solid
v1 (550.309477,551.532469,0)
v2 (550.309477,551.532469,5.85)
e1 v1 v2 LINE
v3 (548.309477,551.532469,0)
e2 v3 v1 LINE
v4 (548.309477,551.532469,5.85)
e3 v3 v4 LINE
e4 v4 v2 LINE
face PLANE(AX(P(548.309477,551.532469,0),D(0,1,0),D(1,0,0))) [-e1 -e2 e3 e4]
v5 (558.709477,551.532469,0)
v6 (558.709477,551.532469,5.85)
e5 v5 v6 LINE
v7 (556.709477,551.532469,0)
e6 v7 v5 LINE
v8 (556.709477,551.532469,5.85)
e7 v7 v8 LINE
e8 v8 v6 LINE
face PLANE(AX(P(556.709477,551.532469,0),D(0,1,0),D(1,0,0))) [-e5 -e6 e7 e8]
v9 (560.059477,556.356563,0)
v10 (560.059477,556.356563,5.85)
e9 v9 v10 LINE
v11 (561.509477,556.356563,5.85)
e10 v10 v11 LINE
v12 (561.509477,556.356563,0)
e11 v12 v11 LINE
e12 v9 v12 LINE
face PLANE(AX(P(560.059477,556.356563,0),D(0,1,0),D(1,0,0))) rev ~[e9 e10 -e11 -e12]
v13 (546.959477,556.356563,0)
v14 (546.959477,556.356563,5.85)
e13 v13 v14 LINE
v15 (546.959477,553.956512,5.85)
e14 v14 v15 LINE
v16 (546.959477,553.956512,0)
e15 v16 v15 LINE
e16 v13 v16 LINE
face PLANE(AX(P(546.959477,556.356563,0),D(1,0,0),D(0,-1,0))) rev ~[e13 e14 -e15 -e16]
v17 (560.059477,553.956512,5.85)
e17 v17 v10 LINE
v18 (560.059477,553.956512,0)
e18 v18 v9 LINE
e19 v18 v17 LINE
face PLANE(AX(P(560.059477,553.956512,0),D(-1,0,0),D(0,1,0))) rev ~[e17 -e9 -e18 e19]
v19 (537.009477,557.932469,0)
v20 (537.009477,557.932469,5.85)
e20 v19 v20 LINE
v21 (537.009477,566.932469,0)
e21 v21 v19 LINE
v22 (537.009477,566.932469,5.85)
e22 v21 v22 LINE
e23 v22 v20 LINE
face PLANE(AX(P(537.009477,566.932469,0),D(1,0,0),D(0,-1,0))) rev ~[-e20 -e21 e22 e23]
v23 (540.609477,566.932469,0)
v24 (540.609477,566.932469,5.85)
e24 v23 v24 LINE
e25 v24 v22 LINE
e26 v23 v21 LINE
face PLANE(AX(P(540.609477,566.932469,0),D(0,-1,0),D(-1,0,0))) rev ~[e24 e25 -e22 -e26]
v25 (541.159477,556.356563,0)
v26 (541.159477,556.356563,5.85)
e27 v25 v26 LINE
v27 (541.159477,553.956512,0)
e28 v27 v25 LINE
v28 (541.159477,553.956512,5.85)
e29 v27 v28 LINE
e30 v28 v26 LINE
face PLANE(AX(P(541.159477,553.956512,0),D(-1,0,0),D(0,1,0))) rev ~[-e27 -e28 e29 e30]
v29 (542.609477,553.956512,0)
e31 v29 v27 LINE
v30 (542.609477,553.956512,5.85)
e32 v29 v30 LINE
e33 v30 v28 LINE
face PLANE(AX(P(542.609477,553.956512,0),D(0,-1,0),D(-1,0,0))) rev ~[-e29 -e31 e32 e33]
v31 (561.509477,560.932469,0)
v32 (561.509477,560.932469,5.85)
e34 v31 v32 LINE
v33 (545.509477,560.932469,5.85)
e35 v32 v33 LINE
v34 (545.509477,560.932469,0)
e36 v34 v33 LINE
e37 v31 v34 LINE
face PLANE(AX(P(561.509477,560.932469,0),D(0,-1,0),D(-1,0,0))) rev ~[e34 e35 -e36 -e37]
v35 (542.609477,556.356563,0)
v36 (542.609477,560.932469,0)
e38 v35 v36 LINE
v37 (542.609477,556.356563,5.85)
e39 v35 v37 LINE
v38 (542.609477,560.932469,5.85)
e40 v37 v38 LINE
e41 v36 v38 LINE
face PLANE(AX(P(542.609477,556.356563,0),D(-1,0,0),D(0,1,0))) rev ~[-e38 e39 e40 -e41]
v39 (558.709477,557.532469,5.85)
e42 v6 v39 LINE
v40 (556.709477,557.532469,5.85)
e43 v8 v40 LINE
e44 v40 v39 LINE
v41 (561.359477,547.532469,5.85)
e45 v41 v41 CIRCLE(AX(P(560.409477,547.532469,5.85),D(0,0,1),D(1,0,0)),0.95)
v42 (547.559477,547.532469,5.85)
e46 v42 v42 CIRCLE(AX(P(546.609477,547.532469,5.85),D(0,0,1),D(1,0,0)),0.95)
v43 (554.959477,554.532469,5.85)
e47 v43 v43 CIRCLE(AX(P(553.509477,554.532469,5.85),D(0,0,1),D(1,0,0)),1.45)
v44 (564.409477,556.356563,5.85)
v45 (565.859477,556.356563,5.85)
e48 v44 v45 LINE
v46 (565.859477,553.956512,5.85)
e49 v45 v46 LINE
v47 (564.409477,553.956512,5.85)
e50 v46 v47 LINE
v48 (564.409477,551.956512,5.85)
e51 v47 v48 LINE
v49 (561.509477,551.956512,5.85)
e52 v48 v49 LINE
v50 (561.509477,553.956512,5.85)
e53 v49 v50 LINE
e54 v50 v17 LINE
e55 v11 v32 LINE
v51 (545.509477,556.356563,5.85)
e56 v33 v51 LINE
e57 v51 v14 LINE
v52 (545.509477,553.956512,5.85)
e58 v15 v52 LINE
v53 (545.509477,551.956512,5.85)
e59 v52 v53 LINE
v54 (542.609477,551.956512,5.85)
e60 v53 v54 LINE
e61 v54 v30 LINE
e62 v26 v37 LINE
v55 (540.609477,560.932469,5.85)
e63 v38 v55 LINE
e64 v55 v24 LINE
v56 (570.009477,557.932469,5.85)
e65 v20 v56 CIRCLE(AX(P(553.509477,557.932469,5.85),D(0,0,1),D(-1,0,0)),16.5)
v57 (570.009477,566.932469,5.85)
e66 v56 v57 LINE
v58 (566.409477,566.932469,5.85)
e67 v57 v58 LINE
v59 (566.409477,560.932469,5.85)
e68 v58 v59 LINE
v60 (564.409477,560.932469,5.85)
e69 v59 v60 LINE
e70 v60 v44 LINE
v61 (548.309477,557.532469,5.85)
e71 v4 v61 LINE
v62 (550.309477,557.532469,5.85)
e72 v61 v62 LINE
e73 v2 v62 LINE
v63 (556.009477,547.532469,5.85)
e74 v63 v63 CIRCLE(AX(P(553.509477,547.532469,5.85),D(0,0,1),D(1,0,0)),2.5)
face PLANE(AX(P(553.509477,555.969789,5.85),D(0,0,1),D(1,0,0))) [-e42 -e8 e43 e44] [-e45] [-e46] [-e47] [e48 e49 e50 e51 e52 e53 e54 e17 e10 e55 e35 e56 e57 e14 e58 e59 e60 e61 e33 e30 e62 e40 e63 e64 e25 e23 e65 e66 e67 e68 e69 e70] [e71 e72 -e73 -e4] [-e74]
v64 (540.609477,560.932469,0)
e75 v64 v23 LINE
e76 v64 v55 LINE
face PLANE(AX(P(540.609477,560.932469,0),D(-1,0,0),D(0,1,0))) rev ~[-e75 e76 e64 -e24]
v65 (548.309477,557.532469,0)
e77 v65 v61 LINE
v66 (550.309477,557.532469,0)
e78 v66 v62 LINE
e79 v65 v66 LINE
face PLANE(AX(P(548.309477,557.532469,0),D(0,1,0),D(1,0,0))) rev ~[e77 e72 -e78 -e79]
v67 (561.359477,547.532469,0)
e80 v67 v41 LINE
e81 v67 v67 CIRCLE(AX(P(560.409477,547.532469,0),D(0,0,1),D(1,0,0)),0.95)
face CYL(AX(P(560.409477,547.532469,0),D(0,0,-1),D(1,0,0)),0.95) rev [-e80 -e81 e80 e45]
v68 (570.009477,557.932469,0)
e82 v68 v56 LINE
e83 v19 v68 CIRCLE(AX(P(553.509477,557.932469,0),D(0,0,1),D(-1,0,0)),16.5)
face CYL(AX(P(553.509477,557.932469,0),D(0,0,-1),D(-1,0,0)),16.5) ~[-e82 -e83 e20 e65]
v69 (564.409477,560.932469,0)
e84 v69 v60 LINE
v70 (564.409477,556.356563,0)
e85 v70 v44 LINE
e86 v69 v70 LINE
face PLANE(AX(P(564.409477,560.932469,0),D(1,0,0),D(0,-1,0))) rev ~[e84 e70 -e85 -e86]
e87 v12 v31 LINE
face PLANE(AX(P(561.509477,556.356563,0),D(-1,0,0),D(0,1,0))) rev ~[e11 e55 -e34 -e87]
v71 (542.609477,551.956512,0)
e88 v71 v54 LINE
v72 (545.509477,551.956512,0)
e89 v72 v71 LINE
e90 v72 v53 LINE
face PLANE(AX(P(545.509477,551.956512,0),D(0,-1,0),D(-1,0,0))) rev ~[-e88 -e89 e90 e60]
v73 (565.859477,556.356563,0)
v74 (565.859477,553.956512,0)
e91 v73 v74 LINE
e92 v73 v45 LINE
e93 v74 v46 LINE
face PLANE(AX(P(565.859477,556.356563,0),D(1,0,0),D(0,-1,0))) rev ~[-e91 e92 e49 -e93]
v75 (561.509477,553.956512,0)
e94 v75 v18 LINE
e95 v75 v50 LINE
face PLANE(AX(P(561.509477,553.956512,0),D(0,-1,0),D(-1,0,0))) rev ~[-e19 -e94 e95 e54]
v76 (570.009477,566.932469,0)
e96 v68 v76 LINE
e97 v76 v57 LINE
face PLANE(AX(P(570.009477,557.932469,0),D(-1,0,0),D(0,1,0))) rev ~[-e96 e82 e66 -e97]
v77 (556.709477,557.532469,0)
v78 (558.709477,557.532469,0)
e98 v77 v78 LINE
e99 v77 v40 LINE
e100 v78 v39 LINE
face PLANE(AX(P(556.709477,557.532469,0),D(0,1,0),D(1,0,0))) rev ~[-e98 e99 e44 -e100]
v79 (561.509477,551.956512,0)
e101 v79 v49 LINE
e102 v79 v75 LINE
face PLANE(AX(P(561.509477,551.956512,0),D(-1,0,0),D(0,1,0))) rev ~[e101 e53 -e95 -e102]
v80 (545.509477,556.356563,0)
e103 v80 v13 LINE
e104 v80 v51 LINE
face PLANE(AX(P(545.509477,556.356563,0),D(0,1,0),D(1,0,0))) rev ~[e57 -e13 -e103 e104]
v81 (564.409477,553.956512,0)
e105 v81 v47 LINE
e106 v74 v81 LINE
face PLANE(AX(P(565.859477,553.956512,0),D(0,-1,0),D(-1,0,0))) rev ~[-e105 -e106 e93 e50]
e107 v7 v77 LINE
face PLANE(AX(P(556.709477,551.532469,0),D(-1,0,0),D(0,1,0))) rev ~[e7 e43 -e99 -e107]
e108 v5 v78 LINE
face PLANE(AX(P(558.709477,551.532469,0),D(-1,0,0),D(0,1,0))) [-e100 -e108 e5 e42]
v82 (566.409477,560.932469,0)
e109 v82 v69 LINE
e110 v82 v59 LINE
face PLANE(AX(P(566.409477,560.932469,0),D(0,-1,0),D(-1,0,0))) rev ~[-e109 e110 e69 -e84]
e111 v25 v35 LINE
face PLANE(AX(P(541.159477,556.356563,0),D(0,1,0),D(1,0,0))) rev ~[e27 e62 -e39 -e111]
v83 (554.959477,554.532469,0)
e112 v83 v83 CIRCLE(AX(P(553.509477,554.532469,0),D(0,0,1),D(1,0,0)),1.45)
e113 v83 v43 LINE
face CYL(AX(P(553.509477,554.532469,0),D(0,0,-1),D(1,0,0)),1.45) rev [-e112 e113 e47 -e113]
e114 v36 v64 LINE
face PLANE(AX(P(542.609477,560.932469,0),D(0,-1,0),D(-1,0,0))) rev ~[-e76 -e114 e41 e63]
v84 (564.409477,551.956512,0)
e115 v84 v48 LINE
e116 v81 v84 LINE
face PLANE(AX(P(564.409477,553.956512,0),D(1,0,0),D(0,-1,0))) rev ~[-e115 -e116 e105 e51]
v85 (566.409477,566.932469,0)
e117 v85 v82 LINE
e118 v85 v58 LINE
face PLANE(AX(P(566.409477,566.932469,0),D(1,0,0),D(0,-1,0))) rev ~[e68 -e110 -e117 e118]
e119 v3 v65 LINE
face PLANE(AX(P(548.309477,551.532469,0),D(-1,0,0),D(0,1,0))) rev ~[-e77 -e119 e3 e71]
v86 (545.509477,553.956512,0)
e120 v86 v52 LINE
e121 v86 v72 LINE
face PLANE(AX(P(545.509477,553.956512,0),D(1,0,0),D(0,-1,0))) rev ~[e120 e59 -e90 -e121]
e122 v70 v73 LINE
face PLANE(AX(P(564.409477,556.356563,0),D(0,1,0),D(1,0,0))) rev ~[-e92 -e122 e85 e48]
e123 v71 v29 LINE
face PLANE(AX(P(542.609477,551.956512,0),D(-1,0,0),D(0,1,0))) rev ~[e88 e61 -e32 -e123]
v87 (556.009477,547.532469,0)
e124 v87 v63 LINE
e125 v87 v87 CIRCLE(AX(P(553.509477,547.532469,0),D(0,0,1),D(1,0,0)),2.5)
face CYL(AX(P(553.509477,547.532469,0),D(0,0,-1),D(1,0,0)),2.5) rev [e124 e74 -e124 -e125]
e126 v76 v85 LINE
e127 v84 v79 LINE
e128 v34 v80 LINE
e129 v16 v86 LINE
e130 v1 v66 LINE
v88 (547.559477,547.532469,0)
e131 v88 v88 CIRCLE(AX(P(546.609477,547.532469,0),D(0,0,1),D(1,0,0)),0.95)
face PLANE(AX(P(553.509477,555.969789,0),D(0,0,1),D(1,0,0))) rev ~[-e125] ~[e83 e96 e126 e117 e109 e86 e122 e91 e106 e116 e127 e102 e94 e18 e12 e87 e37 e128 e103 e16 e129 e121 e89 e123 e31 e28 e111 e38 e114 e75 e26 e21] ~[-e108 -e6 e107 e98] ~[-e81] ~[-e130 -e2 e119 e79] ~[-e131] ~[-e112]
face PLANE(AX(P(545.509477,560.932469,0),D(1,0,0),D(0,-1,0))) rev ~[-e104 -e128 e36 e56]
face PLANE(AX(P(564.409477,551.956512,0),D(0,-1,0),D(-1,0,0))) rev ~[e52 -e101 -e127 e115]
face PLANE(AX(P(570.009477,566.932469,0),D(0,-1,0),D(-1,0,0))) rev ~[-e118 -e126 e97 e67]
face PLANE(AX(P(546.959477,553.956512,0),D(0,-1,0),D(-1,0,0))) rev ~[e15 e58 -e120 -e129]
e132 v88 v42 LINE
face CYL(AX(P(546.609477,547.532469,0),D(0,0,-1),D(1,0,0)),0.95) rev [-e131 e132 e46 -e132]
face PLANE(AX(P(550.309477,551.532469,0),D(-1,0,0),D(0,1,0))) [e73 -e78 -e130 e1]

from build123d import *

# Parameters (mm, degrees)
MODEL_R             = 0.95
MODEL_R_2           = 2.5
MODEL_W             = 2
MODEL_H             = 6
MODEL_R_3           = 1.45
BOSS_EXTRUDE2_DEPTH = 5.85


with BuildPart() as part:
    # Model → Boss-Extrude2 (new body)
    with BuildSketch(Plane.XY):
        with BuildLine():
            Line((553.509477136, 560.932469), (545.509477136, 560.932469))
            Line((545.509477136, 560.932469), (545.509477136, 556.356563))
            Line((545.509477136, 556.356563), (546.959477136, 556.356563))
            Line((546.959477136, 556.356563), (546.959477136, 553.956511944))
            Line((546.959477136, 553.956511944), (545.509477136, 553.956511944))
            Line((545.509477136, 553.956511944), (545.509477136, 551.956511944))
            Line((545.509477136, 551.956511944), (542.609477136, 551.956511944))
            Line((542.609477136, 551.956511944), (542.609477136, 553.956511944))
            Line((542.609477136, 553.956511944), (541.159477136, 553.956511944))
            Line((541.159477136, 553.956511944), (541.159477136, 556.356563))
            Line((541.159477136, 556.356563), (542.609477136, 556.356563))
            Line((542.609477136, 556.356563), (542.609477136, 560.932469))
            Line((542.609477136, 560.932469), (540.609477136, 560.932469))
            Line((540.609477136, 560.932469), (540.609477136, 566.932469))
            Line((540.609477136, 566.932469), (537.009477136, 566.932469))
            Line((537.009477136, 566.932469), (537.009477136, 557.932469))
            ThreePointArc((537.009477136, 557.932469), (553.509477136, 541.432469), (570.009477136, 557.932469))
            Line((570.009477136, 557.932469), (570.009477136, 566.932469))
            Line((570.009477136, 566.932469), (566.409477136, 566.932469))
            Line((566.409477136, 566.932469), (566.409477136, 560.932469))
            Line((566.409477136, 560.932469), (564.409477136, 560.932469))
            Line((564.409477136, 560.932469), (564.409477136, 556.356563))
            Line((564.409477136, 556.356563), (565.859477136, 556.356563))
            Line((565.859477136, 556.356563), (565.859477136, 553.956511944))
            Line((565.859477136, 553.956511944), (564.409477136, 553.956511944))
            Line((564.409477136, 553.956511944), (564.409477136, 551.956511944))
            Line((564.409477136, 551.956511944), (561.509477136, 551.956511944))
            Line((561.509477136, 551.956511944), (561.509477136, 553.956511944))
            Line((561.509477136, 553.956511944), (560.059477136, 553.956511944))
            Line((560.059477136, 553.956511944), (560.059477136, 556.356563))
            Line((560.059477136, 556.356563), (561.509477136, 556.356563))
            Line((561.509477136, 556.356563), (561.509477136, 560.932469))
            Line((561.509477136, 560.932469), (553.509477136, 560.932469))
        make_face()
        with Locations((546.609477136, 547.532469)):
            Circle(MODEL_R, mode=Mode.SUBTRACT)
        with Locations((553.509477136, 547.532469)):
            Circle(MODEL_R_2, mode=Mode.SUBTRACT)
        with Locations((560.409477136, 547.532469)):
            Circle(MODEL_R, mode=Mode.SUBTRACT)
        with Locations((549.309477136, 554.532469)):
            Rectangle(MODEL_W, MODEL_H, mode=Mode.SUBTRACT)
        with Locations((553.509477136, 554.532469)):
            Circle(MODEL_R_3, mode=Mode.SUBTRACT)
        with Locations((557.709477136, 554.532469)):
            Rectangle(MODEL_W, MODEL_H, mode=Mode.SUBTRACT)
    extrude(amount=BOSS_EXTRUDE2_DEPTH)


solid = part.part
